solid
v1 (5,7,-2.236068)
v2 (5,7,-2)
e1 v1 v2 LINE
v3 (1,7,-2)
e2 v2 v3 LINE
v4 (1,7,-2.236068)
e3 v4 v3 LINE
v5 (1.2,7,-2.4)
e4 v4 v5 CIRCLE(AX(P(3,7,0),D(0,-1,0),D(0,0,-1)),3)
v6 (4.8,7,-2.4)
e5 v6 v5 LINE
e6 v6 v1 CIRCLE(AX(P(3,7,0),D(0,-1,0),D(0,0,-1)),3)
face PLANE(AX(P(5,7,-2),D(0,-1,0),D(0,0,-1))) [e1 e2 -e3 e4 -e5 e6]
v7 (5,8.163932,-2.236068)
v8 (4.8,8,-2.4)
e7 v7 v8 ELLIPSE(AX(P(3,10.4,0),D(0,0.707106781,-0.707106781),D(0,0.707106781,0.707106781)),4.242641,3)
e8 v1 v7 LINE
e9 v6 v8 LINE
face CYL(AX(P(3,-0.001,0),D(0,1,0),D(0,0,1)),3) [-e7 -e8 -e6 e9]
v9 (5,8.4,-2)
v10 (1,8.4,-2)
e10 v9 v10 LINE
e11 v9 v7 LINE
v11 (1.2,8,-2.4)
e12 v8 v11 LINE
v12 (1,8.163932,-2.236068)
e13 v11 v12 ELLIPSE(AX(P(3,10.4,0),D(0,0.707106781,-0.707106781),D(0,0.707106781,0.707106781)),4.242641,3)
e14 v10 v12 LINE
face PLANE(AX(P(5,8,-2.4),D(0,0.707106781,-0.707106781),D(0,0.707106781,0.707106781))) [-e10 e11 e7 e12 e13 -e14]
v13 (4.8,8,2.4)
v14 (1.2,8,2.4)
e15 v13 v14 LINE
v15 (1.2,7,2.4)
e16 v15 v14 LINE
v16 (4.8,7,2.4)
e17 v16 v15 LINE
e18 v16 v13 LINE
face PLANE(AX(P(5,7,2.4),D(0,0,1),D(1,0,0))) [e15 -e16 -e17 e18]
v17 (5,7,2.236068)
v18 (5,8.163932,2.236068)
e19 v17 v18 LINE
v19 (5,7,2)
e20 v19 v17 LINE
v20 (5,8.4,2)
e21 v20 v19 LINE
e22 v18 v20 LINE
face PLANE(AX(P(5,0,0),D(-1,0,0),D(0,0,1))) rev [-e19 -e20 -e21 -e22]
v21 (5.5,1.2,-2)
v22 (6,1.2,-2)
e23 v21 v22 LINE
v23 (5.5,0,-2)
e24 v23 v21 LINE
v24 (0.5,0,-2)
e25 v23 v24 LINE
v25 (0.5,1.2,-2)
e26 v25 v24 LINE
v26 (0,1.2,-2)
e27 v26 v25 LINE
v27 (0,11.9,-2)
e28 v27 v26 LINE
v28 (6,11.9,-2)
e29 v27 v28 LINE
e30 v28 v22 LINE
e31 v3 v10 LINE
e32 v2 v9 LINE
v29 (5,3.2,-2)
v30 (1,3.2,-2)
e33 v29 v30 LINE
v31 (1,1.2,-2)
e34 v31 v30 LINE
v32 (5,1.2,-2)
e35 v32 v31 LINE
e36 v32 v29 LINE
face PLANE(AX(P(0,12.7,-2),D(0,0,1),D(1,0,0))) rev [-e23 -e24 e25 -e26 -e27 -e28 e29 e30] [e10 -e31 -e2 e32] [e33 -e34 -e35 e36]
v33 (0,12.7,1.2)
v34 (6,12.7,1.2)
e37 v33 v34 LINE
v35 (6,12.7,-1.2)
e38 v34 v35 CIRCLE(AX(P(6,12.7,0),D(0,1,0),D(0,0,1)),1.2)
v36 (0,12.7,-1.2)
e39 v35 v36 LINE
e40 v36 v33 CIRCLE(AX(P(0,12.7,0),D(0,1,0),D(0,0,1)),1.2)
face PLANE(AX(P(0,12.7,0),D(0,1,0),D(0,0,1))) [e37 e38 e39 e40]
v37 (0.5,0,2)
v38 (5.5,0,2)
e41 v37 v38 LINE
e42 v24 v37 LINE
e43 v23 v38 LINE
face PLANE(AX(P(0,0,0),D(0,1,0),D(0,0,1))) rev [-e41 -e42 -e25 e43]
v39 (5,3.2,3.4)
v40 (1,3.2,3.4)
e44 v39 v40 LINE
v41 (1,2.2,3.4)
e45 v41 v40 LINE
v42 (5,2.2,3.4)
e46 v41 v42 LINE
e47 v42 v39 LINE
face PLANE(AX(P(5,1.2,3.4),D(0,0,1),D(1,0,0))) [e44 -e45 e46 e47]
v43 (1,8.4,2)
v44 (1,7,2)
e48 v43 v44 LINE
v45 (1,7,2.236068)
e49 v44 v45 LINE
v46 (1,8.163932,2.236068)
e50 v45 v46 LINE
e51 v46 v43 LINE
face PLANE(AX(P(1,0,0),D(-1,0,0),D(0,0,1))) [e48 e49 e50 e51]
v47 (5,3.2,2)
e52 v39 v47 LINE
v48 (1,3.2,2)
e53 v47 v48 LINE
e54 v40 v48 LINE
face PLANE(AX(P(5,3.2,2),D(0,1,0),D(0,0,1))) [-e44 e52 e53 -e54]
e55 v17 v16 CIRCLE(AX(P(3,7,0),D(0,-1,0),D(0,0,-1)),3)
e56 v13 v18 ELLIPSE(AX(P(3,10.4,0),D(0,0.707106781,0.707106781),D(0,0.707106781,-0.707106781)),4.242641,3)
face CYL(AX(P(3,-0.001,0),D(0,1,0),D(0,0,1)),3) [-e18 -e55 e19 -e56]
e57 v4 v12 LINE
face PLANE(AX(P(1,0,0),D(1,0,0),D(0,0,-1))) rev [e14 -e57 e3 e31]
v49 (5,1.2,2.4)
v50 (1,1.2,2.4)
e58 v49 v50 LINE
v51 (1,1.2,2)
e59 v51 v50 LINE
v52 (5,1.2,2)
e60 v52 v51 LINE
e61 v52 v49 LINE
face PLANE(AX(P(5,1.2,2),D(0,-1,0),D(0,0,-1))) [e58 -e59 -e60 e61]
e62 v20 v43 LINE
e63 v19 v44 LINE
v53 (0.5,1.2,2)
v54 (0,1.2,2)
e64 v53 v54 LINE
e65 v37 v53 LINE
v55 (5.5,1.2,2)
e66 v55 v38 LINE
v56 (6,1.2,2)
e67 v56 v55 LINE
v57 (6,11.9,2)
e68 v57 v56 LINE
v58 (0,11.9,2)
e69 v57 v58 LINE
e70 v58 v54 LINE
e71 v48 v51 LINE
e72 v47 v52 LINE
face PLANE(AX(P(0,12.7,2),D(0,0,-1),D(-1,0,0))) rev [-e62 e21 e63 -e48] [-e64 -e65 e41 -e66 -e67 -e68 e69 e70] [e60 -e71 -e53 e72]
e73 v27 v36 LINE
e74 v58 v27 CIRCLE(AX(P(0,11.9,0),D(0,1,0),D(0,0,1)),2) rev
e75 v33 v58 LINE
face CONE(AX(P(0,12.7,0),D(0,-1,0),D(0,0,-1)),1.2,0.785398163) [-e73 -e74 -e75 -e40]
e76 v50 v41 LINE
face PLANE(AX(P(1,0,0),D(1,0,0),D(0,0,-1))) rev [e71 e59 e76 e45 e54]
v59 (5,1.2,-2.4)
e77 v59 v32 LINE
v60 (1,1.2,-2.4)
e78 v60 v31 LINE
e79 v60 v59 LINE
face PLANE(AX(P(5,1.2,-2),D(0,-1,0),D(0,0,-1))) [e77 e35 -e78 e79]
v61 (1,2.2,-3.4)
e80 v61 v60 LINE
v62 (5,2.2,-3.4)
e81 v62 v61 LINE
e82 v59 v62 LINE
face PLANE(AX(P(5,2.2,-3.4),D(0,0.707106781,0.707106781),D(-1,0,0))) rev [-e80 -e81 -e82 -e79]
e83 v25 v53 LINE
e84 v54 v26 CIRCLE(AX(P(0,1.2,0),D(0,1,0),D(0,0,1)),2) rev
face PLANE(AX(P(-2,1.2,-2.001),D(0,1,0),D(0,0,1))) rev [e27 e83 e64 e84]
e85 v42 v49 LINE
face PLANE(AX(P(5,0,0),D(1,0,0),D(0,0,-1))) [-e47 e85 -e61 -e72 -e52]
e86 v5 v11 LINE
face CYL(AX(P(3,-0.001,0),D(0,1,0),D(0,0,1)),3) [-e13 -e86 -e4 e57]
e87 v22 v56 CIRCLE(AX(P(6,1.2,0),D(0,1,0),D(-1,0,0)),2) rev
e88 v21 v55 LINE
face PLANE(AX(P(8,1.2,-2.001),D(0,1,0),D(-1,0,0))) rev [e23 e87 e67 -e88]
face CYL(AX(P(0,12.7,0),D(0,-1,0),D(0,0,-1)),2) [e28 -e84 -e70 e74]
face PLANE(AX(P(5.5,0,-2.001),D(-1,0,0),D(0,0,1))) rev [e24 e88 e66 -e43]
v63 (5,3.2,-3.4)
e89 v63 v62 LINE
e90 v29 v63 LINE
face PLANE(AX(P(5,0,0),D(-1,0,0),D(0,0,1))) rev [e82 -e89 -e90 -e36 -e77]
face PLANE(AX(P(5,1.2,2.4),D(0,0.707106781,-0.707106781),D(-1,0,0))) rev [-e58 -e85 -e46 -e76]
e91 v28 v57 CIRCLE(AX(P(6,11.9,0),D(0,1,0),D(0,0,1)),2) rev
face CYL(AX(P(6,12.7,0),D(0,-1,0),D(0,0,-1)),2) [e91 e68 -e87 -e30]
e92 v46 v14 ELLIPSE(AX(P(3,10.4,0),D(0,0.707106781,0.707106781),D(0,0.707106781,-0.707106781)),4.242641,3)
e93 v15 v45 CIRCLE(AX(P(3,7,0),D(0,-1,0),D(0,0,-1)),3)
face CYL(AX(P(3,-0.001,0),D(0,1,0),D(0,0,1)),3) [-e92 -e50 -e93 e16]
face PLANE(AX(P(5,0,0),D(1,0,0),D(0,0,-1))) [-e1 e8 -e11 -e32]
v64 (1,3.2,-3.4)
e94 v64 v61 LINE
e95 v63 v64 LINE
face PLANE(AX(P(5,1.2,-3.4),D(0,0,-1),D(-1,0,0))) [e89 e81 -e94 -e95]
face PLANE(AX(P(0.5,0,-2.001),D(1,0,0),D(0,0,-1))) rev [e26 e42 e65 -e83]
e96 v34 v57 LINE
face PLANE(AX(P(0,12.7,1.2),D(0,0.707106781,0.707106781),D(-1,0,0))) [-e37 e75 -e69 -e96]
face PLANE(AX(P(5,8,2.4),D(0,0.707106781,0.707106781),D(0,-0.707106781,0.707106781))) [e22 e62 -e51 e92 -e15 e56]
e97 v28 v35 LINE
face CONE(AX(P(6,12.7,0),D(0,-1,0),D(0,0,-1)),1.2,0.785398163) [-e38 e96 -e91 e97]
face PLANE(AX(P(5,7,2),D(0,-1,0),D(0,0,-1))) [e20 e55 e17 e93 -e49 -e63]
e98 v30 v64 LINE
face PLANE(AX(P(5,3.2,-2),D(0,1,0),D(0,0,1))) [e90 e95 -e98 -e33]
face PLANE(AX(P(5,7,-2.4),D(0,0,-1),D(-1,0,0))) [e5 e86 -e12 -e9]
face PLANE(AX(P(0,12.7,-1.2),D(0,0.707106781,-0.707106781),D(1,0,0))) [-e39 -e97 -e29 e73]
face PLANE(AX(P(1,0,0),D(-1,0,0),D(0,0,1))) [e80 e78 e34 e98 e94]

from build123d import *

# Parameters (mm, degrees)
EXTRUDE_1_DEPTH      = 12.7
CUT_EXTRUDE_1_REACH  = 17.534
SKETCH_3_W           = 2.5
SKETCH_3_H           = 1.2
EXTRUDE_2_DEPTH      = 2
EXTRUDE_2_DEPTH_BACK = 2
SKETCH_5_W           = 1.4
SKETCH_5_H           = 2
CUT_EXTRUDE_2_REACH  = 17.39
CHAMFER_1_SIZE       = 1
CHAMFER_2_SIZE       = 0.8


with BuildPart() as part:
    # 草图2 → 凸台-拉伸1 (new body)
    with BuildSketch(Plane(origin=(0, 0, 0), x_dir=(1, 0, 0), z_dir=(0, 1, 0))):
        with BuildLine():
            Line((0, 2), (6, 2))
            ThreePointArc((6, 2), (8, 0), (6, -2))
            Line((6, -2), (0, -2))
            ThreePointArc((0, -2), (-2, 0), (0, 2))
        make_face()
    extrude(amount=EXTRUDE_1_DEPTH)

    # 草图3 → 切除-拉伸1 (cut, up to next)
    with BuildSketch(Plane.XY.offset(2), mode=Mode.PRIVATE) as cut_extrude_1_sk1:
        with Locations((-0.75, 0.6)):
            Rectangle(SKETCH_3_W, SKETCH_3_H)
    cut_extrude_1_tool1 = extrude(cut_extrude_1_sk1.sketch, amount=-CUT_EXTRUDE_1_REACH, mode=Mode.PRIVATE) & part.part
    # 草图3 → 切除-拉伸1 (cut, up to next)
    with BuildSketch(Plane.XY.offset(2), mode=Mode.PRIVATE) as cut_extrude_1_sk2:
        with Locations((6.75, 0.6)):
            Rectangle(SKETCH_3_W, SKETCH_3_H)
    cut_extrude_1_tool2 = extrude(cut_extrude_1_sk2.sketch, amount=-CUT_EXTRUDE_1_REACH, mode=Mode.PRIVATE) & part.part
    add(cut_extrude_1_tool1.solids().sort_by_distance((-0.75, 0.6, 2))[0], mode=Mode.SUBTRACT)
    add(cut_extrude_1_tool2.solids().sort_by_distance((6.75, 0.6, 2))[0], mode=Mode.SUBTRACT)

    # 草图5 → 凸台-拉伸2 (add, two sides: drawn at the far end of the back side and taken through both)
    with BuildSketch(Plane.ZY.offset(-3).offset(-EXTRUDE_2_DEPTH_BACK)):
        Polygon((-2, 7), (-2.4, 7), (-2.4, 8), (-2, 8.4), align=None)
        Polygon((2, 8.4), (2, 7), (2.4, 7), (2.4, 8), align=None)
        with Locations((-2.7, 2.2)):
            Rectangle(SKETCH_5_W, SKETCH_5_H)
        with Locations((2.7, 2.2)):
            Rectangle(SKETCH_5_W, SKETCH_5_H)
    extrude(amount=EXTRUDE_2_DEPTH + EXTRUDE_2_DEPTH_BACK)

    # 草图6 → 切除-拉伸2 (cut, up to next)
    with BuildSketch(Plane(origin=(0, 12.7, 0), x_dir=(1, 0, 0), z_dir=(0, 1, 0)), mode=Mode.PRIVATE) as cut_extrude_2_sk1:
        with BuildLine():
            Line((1.2, 2.4), (1, 2.4))
            Line((1, 2.4), (1, 2.236067977))
            ThreePointArc((1, 2.236067977), (1.098232815, 2.320189986), (1.2, 2.4))
        make_face()
    cut_extrude_2_tool1 = extrude(cut_extrude_2_sk1.sketch, amount=-CUT_EXTRUDE_2_REACH, mode=Mode.PRIVATE) & part.part
    # 草图6 → 切除-拉伸2 (cut, up to next)
    with BuildSketch(Plane(origin=(0, 12.7, 0), x_dir=(1, 0, 0), z_dir=(0, 1, 0)), mode=Mode.PRIVATE) as cut_extrude_2_sk2:
        with BuildLine():
            Line((4.8, -2.4), (5, -2.4))
            Line((5, -2.4), (5, -2.236067977))
            ThreePointArc((5, -2.236067977), (4.901767185, -2.320189986), (4.8, -2.4))
        make_face()
    cut_extrude_2_tool2 = extrude(cut_extrude_2_sk2.sketch, amount=-CUT_EXTRUDE_2_REACH, mode=Mode.PRIVATE) & part.part
    # 草图6 → 切除-拉伸2 (cut, up to next)
    with BuildSketch(Plane(origin=(0, 12.7, 0), x_dir=(1, 0, 0), z_dir=(0, 1, 0)), mode=Mode.PRIVATE) as cut_extrude_2_sk3:
        with BuildLine():
            Line((5, 2.4), (4.8, 2.4))
            ThreePointArc((4.8, 2.4), (4.901767185, 2.320189986), (5, 2.236067977))
            Line((5, 2.236067977), (5, 2.4))
        make_face()
    cut_extrude_2_tool3 = extrude(cut_extrude_2_sk3.sketch, amount=-CUT_EXTRUDE_2_REACH, mode=Mode.PRIVATE) & part.part
    # 草图6 → 切除-拉伸2 (cut, up to next)
    with BuildSketch(Plane(origin=(0, 12.7, 0), x_dir=(1, 0, 0), z_dir=(0, 1, 0)), mode=Mode.PRIVATE) as cut_extrude_2_sk4:
        with BuildLine():
            Line((1, -2.236067977), (1, -2.4))
            Line((1, -2.4), (1.2, -2.4))
            ThreePointArc((1.2, -2.4), (1.098232815, -2.320189986), (1, -2.236067977))
        make_face()
    cut_extrude_2_tool4 = extrude(cut_extrude_2_sk4.sketch, amount=-CUT_EXTRUDE_2_REACH, mode=Mode.PRIVATE) & part.part
    add(cut_extrude_2_tool1.solids().sort_by_distance((1.065681, 12.7, -2.346155))[0], mode=Mode.SUBTRACT)
    add(cut_extrude_2_tool2.solids().sort_by_distance((4.934319, 12.7, 2.346155))[0], mode=Mode.SUBTRACT)
    add(cut_extrude_2_tool3.solids().sort_by_distance((4.934319, 12.7, -2.346155))[0], mode=Mode.SUBTRACT)
    add(cut_extrude_2_tool4.solids().sort_by_distance((1.065681, 12.7, 2.346155))[0], mode=Mode.SUBTRACT)

    # 倒角1
    chamfer_1_edges = [part.edges().sort_by_distance(p)[0] for p in [
        (3, 1.2, -3.4),
        (3, 1.2, 3.4),
    ]]
    chamfer(chamfer_1_edges, length=CHAMFER_1_SIZE)

    # 倒角2
    chamfer_2_edges = [part.edges().sort_by_distance(p)[0] for p in [
        (8, 12.7, 0),
        (3, 12.7, -2),
        (-2, 12.7, 0),
        (3, 12.7, 2),
    ]]
    chamfer(chamfer_2_edges, length=CHAMFER_2_SIZE)


solid = part.part
